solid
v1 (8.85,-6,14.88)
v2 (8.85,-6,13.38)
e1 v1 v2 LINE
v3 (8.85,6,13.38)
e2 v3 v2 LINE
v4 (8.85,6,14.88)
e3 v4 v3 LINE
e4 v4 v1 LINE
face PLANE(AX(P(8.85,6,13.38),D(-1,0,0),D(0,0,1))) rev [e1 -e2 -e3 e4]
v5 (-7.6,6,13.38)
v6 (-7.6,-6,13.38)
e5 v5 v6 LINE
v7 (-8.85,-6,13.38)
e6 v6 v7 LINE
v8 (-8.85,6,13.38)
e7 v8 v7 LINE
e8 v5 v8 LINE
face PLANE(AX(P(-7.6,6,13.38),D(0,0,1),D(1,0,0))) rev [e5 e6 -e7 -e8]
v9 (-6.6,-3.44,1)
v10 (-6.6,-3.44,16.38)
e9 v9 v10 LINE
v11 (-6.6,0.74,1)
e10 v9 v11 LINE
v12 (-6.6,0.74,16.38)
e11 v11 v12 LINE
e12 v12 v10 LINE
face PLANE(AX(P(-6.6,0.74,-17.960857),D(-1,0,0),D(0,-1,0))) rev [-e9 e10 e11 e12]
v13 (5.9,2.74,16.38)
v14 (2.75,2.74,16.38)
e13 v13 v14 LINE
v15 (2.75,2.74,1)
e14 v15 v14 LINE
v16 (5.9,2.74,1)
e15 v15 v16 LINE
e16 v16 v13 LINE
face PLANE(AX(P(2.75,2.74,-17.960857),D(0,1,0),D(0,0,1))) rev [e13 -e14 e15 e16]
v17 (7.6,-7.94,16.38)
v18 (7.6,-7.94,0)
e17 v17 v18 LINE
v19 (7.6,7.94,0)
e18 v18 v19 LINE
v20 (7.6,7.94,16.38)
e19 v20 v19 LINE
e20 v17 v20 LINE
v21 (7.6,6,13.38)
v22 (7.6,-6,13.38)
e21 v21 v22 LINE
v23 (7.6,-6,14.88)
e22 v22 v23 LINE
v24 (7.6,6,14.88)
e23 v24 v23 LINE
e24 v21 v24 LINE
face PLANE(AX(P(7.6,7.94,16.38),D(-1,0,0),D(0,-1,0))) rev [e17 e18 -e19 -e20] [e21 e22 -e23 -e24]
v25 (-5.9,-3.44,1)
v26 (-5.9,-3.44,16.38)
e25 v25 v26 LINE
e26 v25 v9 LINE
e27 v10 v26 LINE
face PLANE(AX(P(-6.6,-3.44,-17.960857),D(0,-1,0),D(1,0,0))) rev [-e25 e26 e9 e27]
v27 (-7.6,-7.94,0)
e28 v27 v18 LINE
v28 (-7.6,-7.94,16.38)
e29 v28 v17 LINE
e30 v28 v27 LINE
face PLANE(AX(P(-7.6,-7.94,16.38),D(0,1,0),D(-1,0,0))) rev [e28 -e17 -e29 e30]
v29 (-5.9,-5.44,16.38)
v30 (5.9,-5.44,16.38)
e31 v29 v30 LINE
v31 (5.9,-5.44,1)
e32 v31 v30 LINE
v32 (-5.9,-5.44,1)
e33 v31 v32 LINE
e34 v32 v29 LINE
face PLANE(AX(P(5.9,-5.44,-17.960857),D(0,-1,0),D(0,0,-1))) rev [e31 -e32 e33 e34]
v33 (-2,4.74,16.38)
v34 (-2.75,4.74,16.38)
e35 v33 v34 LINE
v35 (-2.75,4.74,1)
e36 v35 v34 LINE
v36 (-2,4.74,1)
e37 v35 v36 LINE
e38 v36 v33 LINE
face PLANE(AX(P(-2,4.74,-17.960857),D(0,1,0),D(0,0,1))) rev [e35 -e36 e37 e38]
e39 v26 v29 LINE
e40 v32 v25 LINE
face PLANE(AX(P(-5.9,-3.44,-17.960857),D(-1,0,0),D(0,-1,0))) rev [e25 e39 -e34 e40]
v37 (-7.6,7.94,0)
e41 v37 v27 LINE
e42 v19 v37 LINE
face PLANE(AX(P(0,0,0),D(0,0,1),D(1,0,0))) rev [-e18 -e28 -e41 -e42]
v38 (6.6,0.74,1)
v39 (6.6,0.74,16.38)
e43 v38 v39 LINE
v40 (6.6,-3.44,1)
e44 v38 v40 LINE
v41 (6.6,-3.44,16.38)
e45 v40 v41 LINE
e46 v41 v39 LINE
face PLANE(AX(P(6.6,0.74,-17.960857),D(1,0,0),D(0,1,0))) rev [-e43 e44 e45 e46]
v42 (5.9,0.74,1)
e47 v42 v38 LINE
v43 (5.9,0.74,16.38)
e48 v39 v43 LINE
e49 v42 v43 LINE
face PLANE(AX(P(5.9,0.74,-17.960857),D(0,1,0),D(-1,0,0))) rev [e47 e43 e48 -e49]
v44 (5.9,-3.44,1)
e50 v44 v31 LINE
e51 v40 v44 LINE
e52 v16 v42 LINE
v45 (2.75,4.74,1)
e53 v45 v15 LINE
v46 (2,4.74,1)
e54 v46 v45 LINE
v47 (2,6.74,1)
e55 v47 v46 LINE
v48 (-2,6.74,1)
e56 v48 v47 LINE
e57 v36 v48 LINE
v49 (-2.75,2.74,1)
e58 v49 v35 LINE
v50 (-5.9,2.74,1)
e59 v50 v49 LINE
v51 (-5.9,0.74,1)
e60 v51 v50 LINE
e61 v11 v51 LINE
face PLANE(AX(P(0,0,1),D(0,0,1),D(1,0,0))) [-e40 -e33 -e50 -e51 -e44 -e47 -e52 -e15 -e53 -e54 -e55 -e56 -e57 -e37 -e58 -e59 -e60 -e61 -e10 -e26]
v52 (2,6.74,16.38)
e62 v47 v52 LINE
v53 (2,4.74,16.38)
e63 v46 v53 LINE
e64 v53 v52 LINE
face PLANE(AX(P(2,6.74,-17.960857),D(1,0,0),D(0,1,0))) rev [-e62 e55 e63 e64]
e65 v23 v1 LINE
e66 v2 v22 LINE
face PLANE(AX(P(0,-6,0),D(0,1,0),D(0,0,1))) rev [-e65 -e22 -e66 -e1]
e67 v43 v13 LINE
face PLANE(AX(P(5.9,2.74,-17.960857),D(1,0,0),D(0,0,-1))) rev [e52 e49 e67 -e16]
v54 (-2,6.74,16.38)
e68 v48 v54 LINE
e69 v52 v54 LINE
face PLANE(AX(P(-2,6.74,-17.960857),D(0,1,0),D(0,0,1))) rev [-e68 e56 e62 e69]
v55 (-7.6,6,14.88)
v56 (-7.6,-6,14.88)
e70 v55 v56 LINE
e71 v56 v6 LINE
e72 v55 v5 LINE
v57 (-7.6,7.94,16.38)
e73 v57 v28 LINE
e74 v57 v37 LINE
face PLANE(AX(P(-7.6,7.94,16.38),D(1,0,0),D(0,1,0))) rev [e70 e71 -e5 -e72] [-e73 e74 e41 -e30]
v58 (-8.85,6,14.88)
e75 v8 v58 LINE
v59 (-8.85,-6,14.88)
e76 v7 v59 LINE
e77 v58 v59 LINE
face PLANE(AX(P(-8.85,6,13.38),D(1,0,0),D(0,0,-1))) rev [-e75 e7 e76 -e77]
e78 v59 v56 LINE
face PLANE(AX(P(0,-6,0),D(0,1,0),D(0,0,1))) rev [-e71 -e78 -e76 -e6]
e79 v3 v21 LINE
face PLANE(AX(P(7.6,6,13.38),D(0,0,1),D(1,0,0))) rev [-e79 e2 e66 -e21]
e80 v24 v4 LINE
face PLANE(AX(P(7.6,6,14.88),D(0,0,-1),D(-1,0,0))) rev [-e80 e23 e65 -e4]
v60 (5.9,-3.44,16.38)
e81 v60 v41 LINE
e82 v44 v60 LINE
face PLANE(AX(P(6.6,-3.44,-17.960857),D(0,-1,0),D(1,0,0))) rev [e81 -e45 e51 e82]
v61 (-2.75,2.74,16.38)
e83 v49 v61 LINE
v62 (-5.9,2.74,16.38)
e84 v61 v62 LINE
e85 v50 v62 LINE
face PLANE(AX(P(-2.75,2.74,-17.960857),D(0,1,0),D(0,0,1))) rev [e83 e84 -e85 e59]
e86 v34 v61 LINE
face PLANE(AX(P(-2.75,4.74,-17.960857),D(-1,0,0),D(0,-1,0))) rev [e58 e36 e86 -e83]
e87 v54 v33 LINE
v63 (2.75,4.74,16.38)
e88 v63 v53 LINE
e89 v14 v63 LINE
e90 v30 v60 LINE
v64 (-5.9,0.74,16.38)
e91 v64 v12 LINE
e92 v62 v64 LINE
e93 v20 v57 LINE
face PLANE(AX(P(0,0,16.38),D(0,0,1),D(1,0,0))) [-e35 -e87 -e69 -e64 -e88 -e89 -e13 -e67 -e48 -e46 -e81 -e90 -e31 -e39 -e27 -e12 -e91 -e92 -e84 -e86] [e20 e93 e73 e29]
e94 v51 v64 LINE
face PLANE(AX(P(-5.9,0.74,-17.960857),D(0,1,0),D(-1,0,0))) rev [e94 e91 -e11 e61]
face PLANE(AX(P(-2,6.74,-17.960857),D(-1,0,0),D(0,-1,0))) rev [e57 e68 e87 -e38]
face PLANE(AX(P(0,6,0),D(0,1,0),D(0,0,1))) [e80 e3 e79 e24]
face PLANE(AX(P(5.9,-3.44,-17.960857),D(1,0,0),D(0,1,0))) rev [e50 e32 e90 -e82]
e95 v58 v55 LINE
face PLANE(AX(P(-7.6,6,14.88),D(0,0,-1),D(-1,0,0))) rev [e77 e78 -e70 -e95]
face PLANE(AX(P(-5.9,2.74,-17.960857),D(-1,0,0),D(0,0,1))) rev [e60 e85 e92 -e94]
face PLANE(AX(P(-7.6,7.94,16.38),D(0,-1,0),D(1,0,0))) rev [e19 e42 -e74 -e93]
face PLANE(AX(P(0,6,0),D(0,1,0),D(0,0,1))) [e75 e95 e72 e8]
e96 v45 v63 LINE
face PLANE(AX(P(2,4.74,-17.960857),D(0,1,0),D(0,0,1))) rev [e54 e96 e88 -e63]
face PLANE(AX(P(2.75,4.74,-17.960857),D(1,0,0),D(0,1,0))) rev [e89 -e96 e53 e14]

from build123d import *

# Parameters (mm, degrees)
SKETCH1_W           = 15.2
SKETCH1_H           = 15.88
BOSS_EXTRUDE1_DEPTH = 16.38
CUT_EXTRUDE1_DEPTH  = 15.38
SKETCH3_W           = 1.25
SKETCH3_H           = 1.5
BOSS_EXTRUDE2_DEPTH = 6


with BuildPart() as part:
    # Sketch1 → Boss-Extrude1 (new body)
    with BuildSketch(Plane.XY):
        Rectangle(SKETCH1_W, SKETCH1_H)
    extrude(amount=BOSS_EXTRUDE1_DEPTH)

    # Sketch2 → Cut-Extrude1 (cut)
    with BuildSketch(Plane.XY.offset(16.38)):
        Polygon((-2, 6.74), (2, 6.74), (2, 4.74), (2.75, 4.74), (2.75, 2.74), (5.9, 2.74), (5.9, 0.74), (6.6, 0.74), (6.6, -3.44), (5.9, -3.44), (5.9, -5.44), (-5.9, -5.44), (-5.9, -3.44), (-6.6, -3.44), (-6.6, 0.74), (-5.9, 0.74), (-5.9, 2.74), (-2.75, 2.74), (-2.75, 4.74), (-2, 4.74), align=None)
    extrude(amount=-CUT_EXTRUDE1_DEPTH, mode=Mode.SUBTRACT)

    # Sketch3 → Boss-Extrude2 (add, symmetric)
    with BuildSketch(Plane(origin=(0, 0, 0), x_dir=(1, 0, 0), z_dir=(0, 1, 0))):
        with Locations((8.225, -14.13)):
            Rectangle(SKETCH3_W, SKETCH3_H)
        with Locations((-8.225, -14.13)):
            Rectangle(SKETCH3_W, SKETCH3_H)
    extrude(amount=BOSS_EXTRUDE2_DEPTH, both=True)


solid = part.part
